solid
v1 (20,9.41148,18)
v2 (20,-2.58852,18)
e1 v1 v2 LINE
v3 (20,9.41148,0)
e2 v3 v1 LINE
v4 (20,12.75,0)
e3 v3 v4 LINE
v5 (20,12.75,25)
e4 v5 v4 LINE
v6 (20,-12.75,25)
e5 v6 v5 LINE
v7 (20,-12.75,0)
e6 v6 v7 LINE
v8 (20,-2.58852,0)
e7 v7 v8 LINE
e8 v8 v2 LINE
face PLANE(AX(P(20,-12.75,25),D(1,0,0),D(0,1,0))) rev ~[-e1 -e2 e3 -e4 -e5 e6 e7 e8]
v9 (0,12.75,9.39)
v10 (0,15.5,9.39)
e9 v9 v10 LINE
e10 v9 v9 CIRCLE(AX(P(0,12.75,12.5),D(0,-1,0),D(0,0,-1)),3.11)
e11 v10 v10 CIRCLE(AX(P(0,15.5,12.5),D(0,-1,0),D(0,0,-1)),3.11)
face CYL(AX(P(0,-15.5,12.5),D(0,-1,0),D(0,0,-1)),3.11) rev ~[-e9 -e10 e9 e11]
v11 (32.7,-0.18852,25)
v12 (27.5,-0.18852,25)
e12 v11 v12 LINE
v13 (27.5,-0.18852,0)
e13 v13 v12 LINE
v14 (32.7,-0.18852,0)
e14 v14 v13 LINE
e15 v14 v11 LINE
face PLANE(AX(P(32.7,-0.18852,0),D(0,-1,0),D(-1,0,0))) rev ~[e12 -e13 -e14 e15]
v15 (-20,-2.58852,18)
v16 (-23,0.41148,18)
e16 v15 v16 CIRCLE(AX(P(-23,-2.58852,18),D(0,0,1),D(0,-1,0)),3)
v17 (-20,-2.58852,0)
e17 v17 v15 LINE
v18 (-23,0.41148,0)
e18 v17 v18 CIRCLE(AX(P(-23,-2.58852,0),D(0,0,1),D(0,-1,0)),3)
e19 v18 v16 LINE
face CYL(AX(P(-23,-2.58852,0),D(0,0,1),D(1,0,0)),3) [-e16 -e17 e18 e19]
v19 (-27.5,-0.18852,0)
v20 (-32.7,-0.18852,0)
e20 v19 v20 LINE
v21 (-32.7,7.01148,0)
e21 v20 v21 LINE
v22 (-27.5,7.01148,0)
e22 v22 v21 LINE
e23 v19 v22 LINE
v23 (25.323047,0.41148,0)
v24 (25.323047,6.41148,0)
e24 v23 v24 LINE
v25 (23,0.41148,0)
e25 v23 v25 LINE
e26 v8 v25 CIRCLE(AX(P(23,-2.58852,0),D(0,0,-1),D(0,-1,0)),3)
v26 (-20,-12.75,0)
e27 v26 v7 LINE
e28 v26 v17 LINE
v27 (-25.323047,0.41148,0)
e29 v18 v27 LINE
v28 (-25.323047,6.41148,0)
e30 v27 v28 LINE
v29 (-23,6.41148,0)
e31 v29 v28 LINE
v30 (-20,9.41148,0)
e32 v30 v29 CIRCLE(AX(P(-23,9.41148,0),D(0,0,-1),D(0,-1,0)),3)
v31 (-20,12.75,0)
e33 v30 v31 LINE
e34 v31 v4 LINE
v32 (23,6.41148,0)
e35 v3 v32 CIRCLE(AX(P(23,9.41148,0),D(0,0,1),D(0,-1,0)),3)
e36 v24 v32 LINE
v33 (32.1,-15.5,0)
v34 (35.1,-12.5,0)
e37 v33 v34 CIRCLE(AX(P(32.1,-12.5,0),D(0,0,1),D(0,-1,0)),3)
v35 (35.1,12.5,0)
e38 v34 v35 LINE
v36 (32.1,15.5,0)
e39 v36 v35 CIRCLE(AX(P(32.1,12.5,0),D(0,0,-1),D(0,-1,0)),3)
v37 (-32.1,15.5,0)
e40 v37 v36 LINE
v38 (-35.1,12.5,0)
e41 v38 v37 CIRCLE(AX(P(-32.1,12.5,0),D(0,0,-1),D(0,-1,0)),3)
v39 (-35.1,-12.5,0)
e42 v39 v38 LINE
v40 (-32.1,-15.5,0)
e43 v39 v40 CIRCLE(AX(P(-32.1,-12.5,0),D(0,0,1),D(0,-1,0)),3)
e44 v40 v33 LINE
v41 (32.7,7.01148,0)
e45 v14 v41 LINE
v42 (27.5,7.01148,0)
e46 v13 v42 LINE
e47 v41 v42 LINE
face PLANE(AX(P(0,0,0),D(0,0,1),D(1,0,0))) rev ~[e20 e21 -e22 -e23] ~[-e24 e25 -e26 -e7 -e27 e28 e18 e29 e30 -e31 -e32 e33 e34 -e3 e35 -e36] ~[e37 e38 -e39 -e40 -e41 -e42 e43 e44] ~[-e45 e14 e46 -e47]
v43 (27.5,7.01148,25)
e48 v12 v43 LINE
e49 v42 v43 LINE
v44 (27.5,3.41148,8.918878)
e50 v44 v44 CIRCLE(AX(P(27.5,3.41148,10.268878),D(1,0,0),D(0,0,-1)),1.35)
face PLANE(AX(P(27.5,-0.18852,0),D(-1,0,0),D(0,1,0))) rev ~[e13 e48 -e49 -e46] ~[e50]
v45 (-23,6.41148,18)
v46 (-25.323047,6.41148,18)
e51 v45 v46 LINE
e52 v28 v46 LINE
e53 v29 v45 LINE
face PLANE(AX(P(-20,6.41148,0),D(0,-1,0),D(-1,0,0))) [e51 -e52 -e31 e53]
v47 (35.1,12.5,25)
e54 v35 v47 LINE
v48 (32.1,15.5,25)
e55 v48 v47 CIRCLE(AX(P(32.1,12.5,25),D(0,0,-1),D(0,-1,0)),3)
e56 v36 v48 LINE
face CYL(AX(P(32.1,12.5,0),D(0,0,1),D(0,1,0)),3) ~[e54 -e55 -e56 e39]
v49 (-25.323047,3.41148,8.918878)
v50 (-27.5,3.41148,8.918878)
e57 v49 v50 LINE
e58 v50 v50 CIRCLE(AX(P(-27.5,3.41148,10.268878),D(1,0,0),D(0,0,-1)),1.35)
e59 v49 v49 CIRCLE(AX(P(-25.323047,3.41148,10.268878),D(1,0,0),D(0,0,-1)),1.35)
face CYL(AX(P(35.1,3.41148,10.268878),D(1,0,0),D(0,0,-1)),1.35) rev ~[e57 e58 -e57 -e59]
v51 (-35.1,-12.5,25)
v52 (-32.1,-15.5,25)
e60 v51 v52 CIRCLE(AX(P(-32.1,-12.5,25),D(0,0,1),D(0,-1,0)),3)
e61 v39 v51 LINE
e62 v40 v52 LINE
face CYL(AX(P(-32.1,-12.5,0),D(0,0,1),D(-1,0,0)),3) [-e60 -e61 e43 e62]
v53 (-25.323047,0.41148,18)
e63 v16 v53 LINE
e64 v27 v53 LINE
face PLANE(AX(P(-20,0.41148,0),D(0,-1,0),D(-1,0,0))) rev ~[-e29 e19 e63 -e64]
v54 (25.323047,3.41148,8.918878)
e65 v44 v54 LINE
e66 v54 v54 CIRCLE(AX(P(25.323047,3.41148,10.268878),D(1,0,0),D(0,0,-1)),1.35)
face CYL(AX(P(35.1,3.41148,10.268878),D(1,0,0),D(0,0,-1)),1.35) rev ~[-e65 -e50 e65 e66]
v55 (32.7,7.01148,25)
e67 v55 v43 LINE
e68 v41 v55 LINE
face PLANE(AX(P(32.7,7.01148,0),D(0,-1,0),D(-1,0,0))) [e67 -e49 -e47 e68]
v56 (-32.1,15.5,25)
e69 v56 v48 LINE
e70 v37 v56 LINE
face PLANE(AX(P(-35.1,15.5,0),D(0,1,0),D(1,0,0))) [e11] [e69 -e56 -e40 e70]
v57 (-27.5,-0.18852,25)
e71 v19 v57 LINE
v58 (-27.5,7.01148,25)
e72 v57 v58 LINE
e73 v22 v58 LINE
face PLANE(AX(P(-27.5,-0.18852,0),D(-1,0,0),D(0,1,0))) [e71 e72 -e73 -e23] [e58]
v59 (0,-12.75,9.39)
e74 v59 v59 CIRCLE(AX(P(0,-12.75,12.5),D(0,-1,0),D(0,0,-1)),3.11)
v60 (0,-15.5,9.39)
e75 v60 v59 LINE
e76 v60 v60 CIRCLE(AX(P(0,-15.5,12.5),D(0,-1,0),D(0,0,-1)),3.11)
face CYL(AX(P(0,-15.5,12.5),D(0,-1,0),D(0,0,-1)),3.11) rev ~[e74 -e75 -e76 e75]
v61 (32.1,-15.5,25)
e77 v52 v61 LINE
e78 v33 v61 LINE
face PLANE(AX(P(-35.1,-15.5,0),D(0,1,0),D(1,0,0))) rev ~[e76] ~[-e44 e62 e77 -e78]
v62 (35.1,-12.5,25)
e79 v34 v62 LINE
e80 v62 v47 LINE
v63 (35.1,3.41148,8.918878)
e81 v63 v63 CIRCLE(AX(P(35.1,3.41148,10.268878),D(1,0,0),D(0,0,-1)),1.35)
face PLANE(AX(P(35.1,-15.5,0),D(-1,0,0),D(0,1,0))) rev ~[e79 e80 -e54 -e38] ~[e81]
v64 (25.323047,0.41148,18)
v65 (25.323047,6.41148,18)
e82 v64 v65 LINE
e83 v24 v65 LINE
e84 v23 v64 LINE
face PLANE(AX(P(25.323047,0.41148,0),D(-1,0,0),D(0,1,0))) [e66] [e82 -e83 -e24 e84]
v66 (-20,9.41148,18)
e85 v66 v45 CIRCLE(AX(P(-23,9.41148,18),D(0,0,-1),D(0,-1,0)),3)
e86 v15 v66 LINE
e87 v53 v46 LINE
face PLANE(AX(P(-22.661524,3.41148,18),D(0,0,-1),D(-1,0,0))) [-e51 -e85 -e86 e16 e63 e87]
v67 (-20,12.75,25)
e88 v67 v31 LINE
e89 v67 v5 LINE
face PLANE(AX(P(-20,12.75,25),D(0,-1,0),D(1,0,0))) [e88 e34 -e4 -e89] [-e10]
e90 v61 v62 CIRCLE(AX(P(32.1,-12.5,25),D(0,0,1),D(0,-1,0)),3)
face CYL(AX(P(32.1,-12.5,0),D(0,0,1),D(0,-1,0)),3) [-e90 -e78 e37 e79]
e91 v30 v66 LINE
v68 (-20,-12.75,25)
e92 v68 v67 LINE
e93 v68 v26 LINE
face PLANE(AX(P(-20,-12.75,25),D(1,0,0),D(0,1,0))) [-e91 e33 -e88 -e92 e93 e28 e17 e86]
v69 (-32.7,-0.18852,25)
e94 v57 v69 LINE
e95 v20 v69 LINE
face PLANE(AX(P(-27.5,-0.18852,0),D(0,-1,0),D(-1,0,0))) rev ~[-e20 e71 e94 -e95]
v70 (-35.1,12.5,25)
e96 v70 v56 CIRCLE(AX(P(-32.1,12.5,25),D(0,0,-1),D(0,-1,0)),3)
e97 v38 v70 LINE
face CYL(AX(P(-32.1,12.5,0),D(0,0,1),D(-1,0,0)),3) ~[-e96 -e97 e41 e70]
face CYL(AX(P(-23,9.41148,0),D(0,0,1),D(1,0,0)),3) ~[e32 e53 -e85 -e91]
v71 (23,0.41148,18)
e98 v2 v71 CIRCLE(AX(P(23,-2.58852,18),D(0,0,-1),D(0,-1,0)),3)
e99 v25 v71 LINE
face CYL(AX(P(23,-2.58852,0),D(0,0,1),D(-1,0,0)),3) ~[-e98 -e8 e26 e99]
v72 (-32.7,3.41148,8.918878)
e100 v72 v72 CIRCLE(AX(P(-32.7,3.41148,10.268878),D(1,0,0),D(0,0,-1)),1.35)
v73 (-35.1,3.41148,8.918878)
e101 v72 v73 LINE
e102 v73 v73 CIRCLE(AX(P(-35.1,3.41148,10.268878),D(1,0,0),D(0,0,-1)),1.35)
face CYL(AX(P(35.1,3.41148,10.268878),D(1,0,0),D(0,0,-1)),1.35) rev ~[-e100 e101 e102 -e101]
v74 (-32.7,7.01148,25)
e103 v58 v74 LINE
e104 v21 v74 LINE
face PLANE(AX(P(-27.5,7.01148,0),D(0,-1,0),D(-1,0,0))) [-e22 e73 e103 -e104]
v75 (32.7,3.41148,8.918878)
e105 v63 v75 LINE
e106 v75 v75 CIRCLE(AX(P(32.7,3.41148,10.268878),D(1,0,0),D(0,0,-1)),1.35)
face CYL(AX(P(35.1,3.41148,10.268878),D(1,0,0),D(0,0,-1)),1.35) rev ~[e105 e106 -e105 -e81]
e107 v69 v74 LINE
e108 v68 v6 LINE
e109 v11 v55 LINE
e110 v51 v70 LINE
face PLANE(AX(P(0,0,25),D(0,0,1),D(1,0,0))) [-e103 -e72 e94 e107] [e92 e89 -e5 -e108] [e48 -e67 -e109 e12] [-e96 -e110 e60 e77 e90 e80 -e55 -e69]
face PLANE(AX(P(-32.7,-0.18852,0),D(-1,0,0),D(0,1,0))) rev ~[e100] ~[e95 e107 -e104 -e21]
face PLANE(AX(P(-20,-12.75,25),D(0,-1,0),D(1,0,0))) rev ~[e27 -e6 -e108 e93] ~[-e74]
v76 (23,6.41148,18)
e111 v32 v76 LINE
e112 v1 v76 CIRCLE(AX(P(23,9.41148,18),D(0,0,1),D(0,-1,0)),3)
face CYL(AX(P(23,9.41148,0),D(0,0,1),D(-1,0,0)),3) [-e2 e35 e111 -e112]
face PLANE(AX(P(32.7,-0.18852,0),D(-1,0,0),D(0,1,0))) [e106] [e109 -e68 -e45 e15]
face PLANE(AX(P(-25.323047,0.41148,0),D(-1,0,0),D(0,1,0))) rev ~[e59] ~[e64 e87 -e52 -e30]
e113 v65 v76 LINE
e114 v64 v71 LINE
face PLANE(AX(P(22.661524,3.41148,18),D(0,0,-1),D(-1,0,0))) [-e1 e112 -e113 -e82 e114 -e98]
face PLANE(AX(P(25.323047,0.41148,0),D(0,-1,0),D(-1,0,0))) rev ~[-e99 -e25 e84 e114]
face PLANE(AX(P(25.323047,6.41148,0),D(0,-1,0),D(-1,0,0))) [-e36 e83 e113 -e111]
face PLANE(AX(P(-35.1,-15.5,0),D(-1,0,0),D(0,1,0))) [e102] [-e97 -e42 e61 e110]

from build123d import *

# Parameters (mm, degrees)
SKETCH_1_W          = 70.2
SKETCH_1_H          = 31
EXTRUDE_1_DEPTH     = 25
SKETCH_2_W          = 40
SKETCH_2_H          = 25.5
CUT_EXTRUDE_1_DEPTH = 32
SKETCH_3_R          = 3.11
CUT_EXTRUDE_2_DEPTH = 41
SKETCH_4_W          = 5.2
SKETCH_4_H          = 7.2
CUT_EXTRUDE_3_DEPTH = 25
SKETCH_5_R          = 1.35
CUT_EXTRUDE_4_DEPTH = 122
FILLET_1_R          = 3
SKETCH_6_W          = 5.323047144
SKETCH_6_H          = 6
CUT_EXTRUDE_5_DEPTH = 18
FILLET_2_R          = 3


with BuildPart() as part:
    # 草图1 → 凸台-拉伸1 (new body)
    with BuildSketch(Plane.XY):
        Rectangle(SKETCH_1_W, SKETCH_1_H)
    extrude(amount=EXTRUDE_1_DEPTH)

    # 草图2 → 切除-拉伸1 (cut)
    with BuildSketch(Plane.XY.offset(25)):
        Rectangle(SKETCH_2_W, SKETCH_2_H)
    extrude(amount=-CUT_EXTRUDE_1_DEPTH, mode=Mode.SUBTRACT)

    # 草图3 → 切除-拉伸2 (cut)
    with BuildSketch(Plane.XZ.offset(15.5)):
        with Locations(Location((0, 12.5, 0), (0, 0, 270))):
            Circle(SKETCH_3_R)
    extrude(amount=-CUT_EXTRUDE_2_DEPTH, mode=Mode.SUBTRACT)

    # 草图4 → 切除-拉伸3 (cut)
    with BuildSketch(Plane(origin=(0, 0, 0), x_dir=(-1, 0, 0), z_dir=(0, 0, -1))):
        with Locations((30.1, 3.411480114)):
            Rectangle(SKETCH_4_W, SKETCH_4_H)
        with Locations((-30.1, 3.411480114)):
            Rectangle(SKETCH_4_W, SKETCH_4_H)
    extrude(amount=-CUT_EXTRUDE_3_DEPTH, mode=Mode.SUBTRACT)

    # 草图5 → 切除-拉伸4 (cut)
    with BuildSketch(Plane(origin=(35.1, 0, 0), x_dir=(0, 0, -1), z_dir=(1, 0, 0))):
        with Locations((-10.268877546, 3.411480114)):
            Circle(SKETCH_5_R)
    extrude(amount=-CUT_EXTRUDE_4_DEPTH, mode=Mode.SUBTRACT)

    # 圆角1
    fillet_1_edges = [part.edges().sort_by_distance(p)[0] for p in [
        (35.1, -15.5, 12.5),
        (-35.1, -15.5, 12.5),
        (-35.1, 15.5, 12.5),
        (35.1, 15.5, 12.5),
    ]]
    fillet(fillet_1_edges, radius=FILLET_1_R)

    # 草图6 → 切除-拉伸5 (cut)
    with BuildSketch(Plane(origin=(0, 0, 0), x_dir=(-1, 0, 0), z_dir=(0, 0, -1))):
        with Locations((-22.661523572, 3.411480114)):
            Rectangle(SKETCH_6_W, SKETCH_6_H)
        with Locations((22.661523572, 3.411480114)):
            Rectangle(SKETCH_6_W, SKETCH_6_H)
    extrude(amount=-CUT_EXTRUDE_5_DEPTH, mode=Mode.SUBTRACT)

    # 圆角2
    fillet_2_edges = [part.edges().sort_by_distance(p)[0] for p in [
        (20, 6.411480114, 9),
        (20, 0.411480114, 9),
        (-20, 0.411480114, 9),
        (-20, 6.411480114, 9),
    ]]
    fillet(fillet_2_edges, radius=FILLET_2_R)


solid = part.part
